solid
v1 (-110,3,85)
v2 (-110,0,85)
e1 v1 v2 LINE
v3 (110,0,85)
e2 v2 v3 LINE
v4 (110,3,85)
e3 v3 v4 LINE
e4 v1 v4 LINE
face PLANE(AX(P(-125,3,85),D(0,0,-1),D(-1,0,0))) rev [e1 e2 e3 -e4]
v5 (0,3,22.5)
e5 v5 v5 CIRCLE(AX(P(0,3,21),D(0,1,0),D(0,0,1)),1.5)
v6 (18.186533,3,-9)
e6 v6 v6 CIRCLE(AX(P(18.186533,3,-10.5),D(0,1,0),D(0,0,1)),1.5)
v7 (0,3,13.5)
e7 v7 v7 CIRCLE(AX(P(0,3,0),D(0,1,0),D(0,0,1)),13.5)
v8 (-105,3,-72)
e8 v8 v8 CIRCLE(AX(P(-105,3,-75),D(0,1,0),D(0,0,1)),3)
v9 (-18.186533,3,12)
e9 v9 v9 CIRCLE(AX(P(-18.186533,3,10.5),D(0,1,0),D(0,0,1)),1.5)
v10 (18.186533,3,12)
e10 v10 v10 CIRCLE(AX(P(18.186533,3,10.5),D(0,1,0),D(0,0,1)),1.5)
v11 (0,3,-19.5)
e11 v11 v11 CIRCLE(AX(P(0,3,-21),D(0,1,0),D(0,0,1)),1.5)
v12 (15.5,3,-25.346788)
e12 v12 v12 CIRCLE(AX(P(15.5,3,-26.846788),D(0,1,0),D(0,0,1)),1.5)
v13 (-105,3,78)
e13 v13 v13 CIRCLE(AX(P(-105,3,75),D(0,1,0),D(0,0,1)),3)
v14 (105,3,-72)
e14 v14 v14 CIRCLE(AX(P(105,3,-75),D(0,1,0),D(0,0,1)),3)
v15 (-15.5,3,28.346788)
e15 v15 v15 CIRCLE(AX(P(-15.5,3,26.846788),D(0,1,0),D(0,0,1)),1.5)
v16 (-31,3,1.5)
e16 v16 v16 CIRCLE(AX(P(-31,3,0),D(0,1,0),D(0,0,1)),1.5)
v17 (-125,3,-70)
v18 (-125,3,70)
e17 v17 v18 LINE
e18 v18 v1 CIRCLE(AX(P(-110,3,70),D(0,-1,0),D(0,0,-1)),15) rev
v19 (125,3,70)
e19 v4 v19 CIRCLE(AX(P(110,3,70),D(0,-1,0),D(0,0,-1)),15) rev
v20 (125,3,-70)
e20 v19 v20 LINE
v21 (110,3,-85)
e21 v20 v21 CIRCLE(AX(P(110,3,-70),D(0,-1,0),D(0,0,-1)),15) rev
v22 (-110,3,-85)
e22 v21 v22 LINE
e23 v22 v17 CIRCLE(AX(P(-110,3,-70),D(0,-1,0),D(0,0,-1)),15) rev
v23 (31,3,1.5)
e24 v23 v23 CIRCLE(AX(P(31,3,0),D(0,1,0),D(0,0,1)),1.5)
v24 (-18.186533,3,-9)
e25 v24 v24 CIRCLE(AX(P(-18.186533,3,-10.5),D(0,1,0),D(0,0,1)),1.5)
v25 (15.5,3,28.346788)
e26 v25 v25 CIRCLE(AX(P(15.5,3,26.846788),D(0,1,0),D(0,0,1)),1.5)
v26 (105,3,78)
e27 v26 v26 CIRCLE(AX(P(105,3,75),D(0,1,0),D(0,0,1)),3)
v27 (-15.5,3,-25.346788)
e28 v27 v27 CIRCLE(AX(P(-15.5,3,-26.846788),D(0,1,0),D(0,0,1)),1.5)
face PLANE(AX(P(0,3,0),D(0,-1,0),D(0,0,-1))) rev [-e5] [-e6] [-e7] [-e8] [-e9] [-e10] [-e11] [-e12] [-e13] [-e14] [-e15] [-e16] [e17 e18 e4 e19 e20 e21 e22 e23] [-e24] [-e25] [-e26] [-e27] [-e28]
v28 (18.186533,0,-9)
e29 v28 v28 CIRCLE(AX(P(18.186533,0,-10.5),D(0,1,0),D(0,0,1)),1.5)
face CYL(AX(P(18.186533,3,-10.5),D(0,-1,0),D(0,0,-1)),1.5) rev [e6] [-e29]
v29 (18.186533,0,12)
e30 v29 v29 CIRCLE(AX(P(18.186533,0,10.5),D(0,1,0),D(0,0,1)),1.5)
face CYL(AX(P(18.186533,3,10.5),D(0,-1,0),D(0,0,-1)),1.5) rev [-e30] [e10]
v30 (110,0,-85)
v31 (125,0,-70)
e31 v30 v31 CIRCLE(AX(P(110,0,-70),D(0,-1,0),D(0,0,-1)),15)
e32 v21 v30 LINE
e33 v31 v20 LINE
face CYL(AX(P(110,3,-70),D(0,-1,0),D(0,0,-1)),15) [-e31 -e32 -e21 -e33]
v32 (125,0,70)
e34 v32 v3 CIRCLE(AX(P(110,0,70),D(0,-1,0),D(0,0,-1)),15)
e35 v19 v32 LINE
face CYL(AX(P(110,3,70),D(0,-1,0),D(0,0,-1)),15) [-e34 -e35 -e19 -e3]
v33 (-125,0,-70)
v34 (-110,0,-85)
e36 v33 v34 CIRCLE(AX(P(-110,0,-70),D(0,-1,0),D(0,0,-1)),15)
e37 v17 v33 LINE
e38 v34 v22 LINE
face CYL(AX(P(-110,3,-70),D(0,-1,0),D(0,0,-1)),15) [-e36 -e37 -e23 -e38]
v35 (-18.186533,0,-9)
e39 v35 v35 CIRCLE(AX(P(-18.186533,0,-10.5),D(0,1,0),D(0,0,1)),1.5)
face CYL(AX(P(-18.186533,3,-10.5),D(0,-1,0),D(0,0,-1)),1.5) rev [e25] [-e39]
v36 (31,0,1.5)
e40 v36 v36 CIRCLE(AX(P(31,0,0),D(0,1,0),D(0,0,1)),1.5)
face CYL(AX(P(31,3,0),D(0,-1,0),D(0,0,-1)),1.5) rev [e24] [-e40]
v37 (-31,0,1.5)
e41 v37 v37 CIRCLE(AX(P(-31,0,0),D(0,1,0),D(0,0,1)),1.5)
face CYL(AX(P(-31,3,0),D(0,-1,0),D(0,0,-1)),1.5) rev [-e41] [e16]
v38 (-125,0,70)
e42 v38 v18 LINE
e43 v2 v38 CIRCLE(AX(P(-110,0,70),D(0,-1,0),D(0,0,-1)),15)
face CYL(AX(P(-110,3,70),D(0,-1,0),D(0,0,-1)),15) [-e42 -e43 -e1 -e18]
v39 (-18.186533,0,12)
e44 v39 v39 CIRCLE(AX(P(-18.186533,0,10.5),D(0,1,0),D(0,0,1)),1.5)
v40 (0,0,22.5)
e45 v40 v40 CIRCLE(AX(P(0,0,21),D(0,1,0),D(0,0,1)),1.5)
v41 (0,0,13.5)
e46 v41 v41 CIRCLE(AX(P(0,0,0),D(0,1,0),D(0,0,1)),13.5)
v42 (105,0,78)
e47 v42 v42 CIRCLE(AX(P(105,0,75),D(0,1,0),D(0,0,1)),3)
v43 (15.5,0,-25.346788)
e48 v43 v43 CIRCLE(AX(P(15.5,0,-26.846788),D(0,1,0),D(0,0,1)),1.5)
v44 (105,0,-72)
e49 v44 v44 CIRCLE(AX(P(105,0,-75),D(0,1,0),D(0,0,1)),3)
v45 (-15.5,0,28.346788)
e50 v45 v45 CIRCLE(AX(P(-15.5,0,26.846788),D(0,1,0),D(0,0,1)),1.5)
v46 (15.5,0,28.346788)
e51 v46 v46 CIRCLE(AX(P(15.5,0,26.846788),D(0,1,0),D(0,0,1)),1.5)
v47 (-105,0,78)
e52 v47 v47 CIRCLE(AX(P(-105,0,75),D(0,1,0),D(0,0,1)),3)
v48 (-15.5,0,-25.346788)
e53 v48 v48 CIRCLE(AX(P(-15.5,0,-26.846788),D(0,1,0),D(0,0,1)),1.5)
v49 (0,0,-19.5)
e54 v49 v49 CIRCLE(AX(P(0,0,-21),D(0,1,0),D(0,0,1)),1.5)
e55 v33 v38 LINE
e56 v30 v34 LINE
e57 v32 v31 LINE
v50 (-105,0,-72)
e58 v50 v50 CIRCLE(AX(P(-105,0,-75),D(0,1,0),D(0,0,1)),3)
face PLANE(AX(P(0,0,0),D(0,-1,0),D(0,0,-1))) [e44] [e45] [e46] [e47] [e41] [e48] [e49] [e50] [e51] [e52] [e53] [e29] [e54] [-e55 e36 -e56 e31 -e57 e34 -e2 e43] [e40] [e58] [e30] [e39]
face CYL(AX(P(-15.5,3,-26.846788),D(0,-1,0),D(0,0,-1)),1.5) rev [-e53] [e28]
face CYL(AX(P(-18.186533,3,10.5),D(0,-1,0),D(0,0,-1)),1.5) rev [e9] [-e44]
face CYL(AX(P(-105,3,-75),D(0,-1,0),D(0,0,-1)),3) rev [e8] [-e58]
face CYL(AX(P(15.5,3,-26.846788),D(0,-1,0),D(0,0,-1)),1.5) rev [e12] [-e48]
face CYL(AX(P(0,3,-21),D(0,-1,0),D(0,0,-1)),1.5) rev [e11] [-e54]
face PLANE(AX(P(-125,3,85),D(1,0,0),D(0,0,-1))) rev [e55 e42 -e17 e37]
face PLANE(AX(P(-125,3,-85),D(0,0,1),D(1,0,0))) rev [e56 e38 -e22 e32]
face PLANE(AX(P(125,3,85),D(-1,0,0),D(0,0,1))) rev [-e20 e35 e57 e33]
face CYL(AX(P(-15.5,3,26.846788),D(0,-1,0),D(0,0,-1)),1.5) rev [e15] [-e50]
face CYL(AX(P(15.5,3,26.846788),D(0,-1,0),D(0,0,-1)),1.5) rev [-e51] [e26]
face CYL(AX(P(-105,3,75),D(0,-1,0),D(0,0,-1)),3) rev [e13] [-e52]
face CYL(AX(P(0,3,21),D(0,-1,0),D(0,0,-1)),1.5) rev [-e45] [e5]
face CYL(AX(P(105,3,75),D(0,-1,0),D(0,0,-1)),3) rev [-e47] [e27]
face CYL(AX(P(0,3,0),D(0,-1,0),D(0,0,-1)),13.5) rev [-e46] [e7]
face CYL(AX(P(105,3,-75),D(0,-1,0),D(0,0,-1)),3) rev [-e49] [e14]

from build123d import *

# Parameters (mm, degrees)
SKETCH_1_W          = 250
SKETCH_1_H          = 170
SKETCH_1_R          = 3
EXTRUDE_1_DEPTH     = 3
FILLET_1_R          = 15
SKETCH_2_R          = 1.5
SKETCH_2_R_2        = 13.5
CUT_EXTRUDE_1_DEPTH = 152.191931002


with BuildPart() as part:
    # 草图1 → 凸台-拉伸1 (new body)
    with BuildSketch(Plane(origin=(0, 0, 0), x_dir=(1, 0, 0), z_dir=(0, 1, 0))):
        Rectangle(SKETCH_1_W, SKETCH_1_H)
        with Locations(Location((-105, 75, 0), (0, 0, 270))):
            Circle(SKETCH_1_R, mode=Mode.SUBTRACT)
        with Locations(Location((105, 75, 0), (0, 0, 270))):
            Circle(SKETCH_1_R, mode=Mode.SUBTRACT)
        with Locations(Location((-105, -75, 0), (0, 0, 270))):
            Circle(SKETCH_1_R, mode=Mode.SUBTRACT)
        with Locations(Location((105, -75, 0), (0, 0, 270))):
            Circle(SKETCH_1_R, mode=Mode.SUBTRACT)
    extrude(amount=EXTRUDE_1_DEPTH)

    # 圆角1
    fillet_1_edges = [part.edges().sort_by_distance(p)[0] for p in [
        (125, 1.5, 85),
        (-125, 1.5, 85),
        (-125, 1.5, -85),
        (125, 1.5, -85),
    ]]
    fillet(fillet_1_edges, radius=FILLET_1_R)

    # 草图2 → 切除-拉伸1 (cut, through all)
    with BuildSketch(Plane(origin=(0, 0, 0), x_dir=(1, 0, 0), z_dir=(0, 1, 0))):
        with Locations(Location((0, 21, 0), (0, 0, 270))):
            Circle(SKETCH_2_R)
        with Locations(Location((18.186533479, 10.5, 0), (0, 0, 270))):
            Circle(SKETCH_2_R)
        with Locations(Location((18.186533479, -10.5, 0), (0, 0, 270))):
            Circle(SKETCH_2_R)
        with Locations(Location((0, -21, 0), (0, 0, 270))):
            Circle(SKETCH_2_R)
        with Locations(Location((-18.186533479, -10.5, 0), (0, 0, 270))):
            Circle(SKETCH_2_R)
        with Locations(Location((-18.186533479, 10.5, 0), (0, 0, 270))):
            Circle(SKETCH_2_R)
        with Locations(Location((31, 0, 0), (0, 0, 270))):
            Circle(SKETCH_2_R)
        with Locations(Location((15.5, -26.846787517, 0), (0, 0, 270))):
            Circle(SKETCH_2_R)
        with Locations(Location((-15.5, -26.846787517, 0), (0, 0, 270))):
            Circle(SKETCH_2_R)
        with Locations(Location((-31, 0, 0), (0, 0, 270))):
            Circle(SKETCH_2_R)
        with Locations(Location((-15.5, 26.846787517, 0), (0, 0, 270))):
            Circle(SKETCH_2_R)
        with Locations(Location((15.5, 26.846787517, 0), (0, 0, 270))):
            Circle(SKETCH_2_R)
        with Locations(Location((0, 0, 0), (0, 0, 270))):
            Circle(SKETCH_2_R_2)
    extrude(amount=CUT_EXTRUDE_1_DEPTH, mode=Mode.SUBTRACT)


solid = part.part
